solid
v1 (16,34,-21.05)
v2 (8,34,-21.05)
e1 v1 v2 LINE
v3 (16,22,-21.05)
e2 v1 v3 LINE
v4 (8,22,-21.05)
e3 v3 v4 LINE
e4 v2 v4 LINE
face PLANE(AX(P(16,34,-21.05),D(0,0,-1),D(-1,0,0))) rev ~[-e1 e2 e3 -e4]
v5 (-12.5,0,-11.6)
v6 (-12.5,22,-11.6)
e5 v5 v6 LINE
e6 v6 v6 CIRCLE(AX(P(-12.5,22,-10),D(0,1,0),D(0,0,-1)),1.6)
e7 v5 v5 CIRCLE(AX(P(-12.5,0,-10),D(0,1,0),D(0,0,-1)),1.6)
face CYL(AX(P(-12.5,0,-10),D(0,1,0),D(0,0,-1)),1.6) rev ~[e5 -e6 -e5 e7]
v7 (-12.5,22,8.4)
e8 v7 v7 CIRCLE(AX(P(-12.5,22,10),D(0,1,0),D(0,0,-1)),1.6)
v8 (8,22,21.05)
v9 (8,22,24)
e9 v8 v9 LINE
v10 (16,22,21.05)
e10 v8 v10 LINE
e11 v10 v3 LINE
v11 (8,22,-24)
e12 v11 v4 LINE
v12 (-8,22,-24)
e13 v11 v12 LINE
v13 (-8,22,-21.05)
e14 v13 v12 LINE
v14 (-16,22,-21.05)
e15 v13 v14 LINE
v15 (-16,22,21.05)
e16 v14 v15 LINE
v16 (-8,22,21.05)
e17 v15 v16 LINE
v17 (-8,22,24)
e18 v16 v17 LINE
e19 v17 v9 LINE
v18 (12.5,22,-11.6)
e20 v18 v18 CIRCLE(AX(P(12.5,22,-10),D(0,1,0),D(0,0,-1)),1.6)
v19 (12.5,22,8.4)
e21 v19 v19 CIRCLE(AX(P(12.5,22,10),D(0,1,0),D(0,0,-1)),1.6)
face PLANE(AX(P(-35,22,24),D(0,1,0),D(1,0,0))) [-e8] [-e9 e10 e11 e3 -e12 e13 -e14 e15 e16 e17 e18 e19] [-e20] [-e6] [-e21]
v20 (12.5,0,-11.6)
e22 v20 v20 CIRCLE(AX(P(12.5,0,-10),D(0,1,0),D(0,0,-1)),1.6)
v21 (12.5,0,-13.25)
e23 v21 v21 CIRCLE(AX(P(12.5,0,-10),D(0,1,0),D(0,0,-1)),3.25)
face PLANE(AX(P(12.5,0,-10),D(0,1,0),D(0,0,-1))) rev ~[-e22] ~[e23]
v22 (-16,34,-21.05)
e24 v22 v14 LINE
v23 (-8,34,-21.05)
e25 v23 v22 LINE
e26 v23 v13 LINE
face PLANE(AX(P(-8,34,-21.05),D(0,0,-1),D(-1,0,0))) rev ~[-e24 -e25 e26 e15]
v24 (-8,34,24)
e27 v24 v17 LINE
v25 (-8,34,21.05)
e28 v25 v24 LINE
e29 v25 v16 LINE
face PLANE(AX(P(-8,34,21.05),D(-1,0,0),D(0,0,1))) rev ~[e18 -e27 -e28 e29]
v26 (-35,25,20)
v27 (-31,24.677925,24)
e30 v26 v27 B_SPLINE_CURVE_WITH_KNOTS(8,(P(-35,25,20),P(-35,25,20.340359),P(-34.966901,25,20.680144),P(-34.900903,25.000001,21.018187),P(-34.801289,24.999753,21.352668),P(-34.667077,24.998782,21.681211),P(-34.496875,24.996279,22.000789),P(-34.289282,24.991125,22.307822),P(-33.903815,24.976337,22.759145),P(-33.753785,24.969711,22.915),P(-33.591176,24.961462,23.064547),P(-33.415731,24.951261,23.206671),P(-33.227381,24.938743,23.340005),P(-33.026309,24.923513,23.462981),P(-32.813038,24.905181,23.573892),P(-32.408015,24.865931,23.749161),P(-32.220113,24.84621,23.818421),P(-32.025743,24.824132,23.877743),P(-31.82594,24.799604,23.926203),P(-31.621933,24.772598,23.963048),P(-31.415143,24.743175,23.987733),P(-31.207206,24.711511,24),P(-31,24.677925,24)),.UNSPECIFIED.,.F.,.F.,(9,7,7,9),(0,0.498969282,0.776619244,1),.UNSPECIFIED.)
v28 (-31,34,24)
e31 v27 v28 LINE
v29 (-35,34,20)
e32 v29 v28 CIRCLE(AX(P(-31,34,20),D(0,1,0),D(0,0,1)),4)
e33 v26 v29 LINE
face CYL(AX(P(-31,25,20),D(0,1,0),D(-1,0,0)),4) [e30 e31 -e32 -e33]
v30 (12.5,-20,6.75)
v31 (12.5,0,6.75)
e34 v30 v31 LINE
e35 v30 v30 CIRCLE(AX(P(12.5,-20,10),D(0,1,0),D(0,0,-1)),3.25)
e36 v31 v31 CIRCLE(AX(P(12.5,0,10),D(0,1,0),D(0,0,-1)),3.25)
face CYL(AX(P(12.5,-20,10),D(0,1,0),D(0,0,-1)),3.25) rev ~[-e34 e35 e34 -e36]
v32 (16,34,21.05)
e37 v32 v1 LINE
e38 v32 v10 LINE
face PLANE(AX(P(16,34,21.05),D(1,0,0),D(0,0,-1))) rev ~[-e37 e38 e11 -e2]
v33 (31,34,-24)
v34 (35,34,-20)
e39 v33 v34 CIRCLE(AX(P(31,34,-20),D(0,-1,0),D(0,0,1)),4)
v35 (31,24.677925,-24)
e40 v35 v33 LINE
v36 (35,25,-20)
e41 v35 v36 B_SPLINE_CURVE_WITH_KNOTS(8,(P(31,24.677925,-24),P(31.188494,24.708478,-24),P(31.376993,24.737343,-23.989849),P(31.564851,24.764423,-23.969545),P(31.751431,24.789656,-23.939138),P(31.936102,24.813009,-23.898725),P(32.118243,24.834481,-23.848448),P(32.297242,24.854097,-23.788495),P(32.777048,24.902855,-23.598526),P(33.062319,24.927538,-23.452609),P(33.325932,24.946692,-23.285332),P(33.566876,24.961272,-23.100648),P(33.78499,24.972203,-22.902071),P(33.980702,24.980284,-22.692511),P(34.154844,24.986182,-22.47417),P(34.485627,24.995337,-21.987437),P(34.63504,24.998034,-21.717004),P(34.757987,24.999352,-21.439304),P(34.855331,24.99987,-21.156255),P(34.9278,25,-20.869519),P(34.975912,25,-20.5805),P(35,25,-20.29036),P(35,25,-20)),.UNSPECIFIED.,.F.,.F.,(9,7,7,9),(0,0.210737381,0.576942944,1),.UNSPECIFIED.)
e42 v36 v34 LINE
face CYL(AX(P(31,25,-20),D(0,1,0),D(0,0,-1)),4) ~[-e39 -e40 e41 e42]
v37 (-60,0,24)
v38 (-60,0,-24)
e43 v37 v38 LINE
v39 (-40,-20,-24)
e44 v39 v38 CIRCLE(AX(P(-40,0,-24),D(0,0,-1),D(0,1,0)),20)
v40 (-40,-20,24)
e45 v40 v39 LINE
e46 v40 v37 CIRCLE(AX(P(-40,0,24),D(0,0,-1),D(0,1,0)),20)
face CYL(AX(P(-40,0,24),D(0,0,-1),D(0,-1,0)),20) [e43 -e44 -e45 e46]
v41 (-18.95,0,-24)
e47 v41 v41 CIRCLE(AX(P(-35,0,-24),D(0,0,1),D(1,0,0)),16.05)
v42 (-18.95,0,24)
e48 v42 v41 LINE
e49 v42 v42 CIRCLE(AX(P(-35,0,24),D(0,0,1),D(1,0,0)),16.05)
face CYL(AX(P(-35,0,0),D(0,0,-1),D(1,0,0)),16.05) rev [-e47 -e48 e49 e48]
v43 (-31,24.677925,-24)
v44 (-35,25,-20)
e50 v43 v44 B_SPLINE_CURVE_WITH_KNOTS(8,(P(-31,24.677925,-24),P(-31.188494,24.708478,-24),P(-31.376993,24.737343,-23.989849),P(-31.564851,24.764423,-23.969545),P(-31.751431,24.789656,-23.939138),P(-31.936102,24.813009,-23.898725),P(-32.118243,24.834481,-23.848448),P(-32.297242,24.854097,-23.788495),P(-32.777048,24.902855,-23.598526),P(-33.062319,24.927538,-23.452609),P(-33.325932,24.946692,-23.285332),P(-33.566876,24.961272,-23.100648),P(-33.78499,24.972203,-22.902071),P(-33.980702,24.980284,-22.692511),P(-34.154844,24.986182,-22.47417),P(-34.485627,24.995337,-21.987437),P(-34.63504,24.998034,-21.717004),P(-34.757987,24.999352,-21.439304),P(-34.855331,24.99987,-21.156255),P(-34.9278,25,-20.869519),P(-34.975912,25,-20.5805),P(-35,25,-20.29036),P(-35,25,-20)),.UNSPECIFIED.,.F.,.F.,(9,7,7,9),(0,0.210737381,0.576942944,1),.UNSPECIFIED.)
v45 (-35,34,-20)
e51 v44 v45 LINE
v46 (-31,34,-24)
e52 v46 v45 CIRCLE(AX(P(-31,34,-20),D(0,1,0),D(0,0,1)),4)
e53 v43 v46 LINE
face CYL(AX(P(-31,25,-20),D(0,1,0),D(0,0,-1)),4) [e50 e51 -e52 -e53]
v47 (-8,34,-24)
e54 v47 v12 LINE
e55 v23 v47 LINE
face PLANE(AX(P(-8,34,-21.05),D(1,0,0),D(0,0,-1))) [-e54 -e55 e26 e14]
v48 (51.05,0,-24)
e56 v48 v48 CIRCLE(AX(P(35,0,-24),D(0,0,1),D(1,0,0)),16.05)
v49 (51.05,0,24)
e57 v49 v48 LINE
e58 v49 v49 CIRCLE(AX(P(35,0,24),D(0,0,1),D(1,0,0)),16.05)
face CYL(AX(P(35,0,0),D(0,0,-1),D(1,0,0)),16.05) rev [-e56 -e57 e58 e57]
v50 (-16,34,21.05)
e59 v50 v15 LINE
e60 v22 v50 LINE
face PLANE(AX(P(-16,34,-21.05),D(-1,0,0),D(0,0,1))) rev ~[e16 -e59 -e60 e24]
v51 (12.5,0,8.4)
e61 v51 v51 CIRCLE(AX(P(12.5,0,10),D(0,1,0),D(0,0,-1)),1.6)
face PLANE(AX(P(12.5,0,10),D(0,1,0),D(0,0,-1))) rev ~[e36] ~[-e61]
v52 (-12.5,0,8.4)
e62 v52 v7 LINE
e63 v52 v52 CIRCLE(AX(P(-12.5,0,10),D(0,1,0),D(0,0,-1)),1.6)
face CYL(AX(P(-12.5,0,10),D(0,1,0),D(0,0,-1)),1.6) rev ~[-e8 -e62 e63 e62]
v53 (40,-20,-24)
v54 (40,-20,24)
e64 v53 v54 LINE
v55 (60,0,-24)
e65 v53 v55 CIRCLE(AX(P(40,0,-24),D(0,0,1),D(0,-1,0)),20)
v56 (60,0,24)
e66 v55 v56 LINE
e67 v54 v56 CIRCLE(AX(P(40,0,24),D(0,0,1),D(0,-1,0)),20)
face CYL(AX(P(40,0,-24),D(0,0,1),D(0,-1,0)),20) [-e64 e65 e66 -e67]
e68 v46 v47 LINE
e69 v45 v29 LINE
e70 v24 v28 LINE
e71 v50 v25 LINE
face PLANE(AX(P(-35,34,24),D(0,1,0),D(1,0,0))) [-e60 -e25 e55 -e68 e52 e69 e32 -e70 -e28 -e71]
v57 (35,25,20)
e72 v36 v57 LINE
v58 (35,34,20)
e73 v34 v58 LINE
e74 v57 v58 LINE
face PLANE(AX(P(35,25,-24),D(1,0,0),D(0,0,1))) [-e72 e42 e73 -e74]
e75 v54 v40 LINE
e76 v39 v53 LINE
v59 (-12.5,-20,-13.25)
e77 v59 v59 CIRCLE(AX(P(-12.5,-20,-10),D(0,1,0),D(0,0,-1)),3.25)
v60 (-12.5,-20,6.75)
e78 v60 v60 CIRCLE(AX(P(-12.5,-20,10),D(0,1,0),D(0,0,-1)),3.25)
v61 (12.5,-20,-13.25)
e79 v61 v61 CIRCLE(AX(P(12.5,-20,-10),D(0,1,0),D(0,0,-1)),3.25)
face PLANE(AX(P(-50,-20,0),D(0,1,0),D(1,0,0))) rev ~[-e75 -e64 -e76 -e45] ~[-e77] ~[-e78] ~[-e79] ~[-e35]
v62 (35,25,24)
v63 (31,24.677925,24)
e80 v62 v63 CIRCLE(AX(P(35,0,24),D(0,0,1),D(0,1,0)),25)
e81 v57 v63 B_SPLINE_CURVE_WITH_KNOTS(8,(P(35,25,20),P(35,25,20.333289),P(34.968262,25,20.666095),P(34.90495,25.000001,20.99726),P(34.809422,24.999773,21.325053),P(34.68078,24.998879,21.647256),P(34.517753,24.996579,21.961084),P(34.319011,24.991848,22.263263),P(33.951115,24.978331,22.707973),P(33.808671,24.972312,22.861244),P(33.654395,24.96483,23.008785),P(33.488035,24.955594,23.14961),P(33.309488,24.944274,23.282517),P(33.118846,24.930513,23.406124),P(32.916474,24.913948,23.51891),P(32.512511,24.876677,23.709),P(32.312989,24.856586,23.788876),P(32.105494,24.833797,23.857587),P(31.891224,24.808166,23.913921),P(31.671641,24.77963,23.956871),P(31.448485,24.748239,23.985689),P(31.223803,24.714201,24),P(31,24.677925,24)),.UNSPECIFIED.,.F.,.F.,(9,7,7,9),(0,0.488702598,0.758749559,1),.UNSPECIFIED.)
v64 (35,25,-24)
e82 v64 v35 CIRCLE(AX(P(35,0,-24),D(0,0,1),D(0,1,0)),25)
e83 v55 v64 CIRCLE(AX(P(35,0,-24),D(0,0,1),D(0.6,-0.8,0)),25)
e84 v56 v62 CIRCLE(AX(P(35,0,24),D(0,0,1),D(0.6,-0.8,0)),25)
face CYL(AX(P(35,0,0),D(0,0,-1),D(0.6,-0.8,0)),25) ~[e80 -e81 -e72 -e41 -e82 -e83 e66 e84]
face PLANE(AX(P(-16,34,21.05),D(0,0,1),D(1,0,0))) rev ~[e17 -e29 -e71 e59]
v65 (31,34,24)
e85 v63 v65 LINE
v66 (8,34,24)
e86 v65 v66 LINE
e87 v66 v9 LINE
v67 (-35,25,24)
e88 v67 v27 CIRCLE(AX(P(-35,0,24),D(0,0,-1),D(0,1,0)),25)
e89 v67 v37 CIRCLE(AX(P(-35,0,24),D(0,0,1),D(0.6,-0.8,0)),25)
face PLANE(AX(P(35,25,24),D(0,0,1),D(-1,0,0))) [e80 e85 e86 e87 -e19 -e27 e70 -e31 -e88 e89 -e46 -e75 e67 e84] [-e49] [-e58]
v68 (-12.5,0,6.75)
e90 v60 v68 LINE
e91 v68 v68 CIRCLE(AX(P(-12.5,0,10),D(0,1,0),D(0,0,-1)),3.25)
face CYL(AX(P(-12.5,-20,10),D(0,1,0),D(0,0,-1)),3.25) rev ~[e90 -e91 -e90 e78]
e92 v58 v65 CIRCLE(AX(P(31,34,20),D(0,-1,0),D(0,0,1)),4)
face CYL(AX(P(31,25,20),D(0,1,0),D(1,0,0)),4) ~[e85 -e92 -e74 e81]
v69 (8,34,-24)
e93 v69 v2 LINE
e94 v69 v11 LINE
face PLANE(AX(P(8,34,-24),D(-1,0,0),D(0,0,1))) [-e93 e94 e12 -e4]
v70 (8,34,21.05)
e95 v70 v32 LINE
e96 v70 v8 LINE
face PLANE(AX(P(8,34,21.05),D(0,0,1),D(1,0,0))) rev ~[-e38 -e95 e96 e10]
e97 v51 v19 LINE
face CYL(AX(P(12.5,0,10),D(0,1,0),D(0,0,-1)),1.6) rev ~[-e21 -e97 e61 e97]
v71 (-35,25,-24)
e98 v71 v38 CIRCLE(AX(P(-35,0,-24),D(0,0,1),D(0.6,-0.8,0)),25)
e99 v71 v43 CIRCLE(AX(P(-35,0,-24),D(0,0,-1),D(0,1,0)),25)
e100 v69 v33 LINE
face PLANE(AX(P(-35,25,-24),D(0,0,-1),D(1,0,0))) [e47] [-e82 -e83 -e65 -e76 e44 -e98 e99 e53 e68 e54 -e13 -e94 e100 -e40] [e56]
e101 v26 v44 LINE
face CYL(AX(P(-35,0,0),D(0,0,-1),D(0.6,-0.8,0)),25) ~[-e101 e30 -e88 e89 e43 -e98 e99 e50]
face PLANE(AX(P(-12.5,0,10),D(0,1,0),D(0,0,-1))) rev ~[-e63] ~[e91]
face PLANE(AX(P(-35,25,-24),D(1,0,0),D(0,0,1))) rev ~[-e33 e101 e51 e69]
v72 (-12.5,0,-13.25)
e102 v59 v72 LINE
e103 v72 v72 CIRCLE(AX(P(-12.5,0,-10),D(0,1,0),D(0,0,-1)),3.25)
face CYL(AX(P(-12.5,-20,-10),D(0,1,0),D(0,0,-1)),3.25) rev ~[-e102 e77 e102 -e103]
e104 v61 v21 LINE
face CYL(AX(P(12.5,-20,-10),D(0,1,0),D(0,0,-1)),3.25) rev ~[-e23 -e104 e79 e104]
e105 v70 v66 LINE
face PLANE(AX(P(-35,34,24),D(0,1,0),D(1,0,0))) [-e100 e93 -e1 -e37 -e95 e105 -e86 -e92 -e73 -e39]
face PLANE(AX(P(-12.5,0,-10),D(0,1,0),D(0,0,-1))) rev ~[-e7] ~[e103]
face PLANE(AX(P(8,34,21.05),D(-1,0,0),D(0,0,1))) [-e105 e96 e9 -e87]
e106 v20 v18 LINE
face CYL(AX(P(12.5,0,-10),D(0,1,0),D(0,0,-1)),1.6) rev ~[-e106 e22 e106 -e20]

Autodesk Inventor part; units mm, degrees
ref_plane "YZ Plane" through (0, 0, 0) normal (1, 0, 0) x (0, 1, 0)
ref_plane "XZ Plane" through (0, 0, 0) normal (0, 1, 0) x (-1, 0, 0)
ref_plane "XY Plane" through (0, 0, 0) normal (0, 0, 1) x (1, 0, 0)
sketch "Sketch1" plane through (0, 0, 0) normal (0, 0, 1) x (1, 0, 0)
  line L0 (-35, 0) -> (35, 0) construction
  circle A0 centre (-35, 0) radius 16.05
  circle A1 centre (35, 0) radius 16.05
  arc A2 (-20, -20) -> (-50, -20) centre (-35, 0) ccw
  arc A3 (50, -20) -> (20, -20) centre (35, 0) ccw
  line L1 (-35, 25) -> (35, 25)
  line L2 (-50, -20) -> (50, -20)
  point P0 (0, 0)
  point P1 (0, 0)
  dimension "d0" = 70
  dimension "d1" = 32.1
  dimension "d3" = 50
  dimension "d38" = 20
extrude "Extrusion1" add sketch "Sketch1" along normal mid plane 48
fillet "Fillet3" radius 20 2 edges at (50, -20, 0) (-50, -20, 0)
sketch "Sketch10" plane through (-35, 25, 24) normal (0, 1, 0) x (1, 0, 0)
  line L0 (0, 48) -> (0, 0) projected
  line L1 (70, 0) -> (0, 0) projected
  line L2 (70, 48) -> (70, 0) projected
  line L3 (0, 48) -> (70, 48) projected
  point P0 (35, 24)
extrude "Extrusion4" add sketch "Sketch10" along normal blind 9
sketch "Sketch11" plane through (-35, 34, 24) normal (0, 1, 0) x (1, 0, 0)
  line L0 (19, 2.95) -> (51, 2.95)
  line L1 (51, 2.95) -> (51, 45.05)
  line L2 (51, 45.05) -> (19, 45.05)
  line L3 (19, 45.05) -> (19, 2.95)
  line L4 (19, 2.95) -> (51, 45.05) construction
  line L5 (51, 2.95) -> (19, 45.05) construction
  line L6 (0, 48) -> (0, 0) projected
  line L7 (0, 0) -> (70, 0) projected
  line L8 (70, 0) -> (70, 48) projected
  line L9 (70, 48) -> (0, 48) projected
  line L10 (27, 48) -> (43, 48)
  line L11 (43, 48) -> (43, 45.05)
  line L12 (43, 45.05) -> (27, 45.05)
  line L13 (27, 45.05) -> (27, 48)
  line L14 (27, 2.95) -> (27, 0)
  line L15 (35, 24) -> (35, 47.5578) construction
  line L16 (43, 2.95) -> (43, 0)
  point P0 (35, 45.05)
  point P1 (43, 0)
  point P2 (43, 2.95)
  dimension "d49" = 32
  dimension "d50" = 42.1
  dimension "d53" = 16
extrude "Extrusion5" cut sketch "Sketch11" against normal blind 12 contours L3 L2 L1 L0 | L0 L16 L7 L14 | L13 L9 L11 L2
sketch "Sketch12" plane through (-40, -20, -24) normal (0, -1, 0) x (1, 0, 0)
  line L0 (27.5, 14) -> (52.5, 14) construction
  line L1 (52.5, 14) -> (52.5, 34) construction
  line L2 (52.5, 34) -> (27.5, 34) construction
  line L3 (27.5, 34) -> (27.5, 14) construction
  line L4 (27.5, 14) -> (52.5, 34) construction
  line L5 (52.5, 14) -> (27.5, 34) construction
  point P0 (40, 24)
  dimension "d54" = 25
  dimension "d55" = 20
hole "Hole4" at (-12.5, -20, 10) at (12.5, -20, 10) at (12.5, -20, -10) at (-12.5, -20, -10) direction (0, 1, 0) diameter 3.2 end through all counterbore diameter 6.5 counterbore depth 20
fillet "Fillet4" radius 4 4 edges at (35, 29.5, 24) (35, 29.5, -24) (-35, 29.5, 24) (-35, 29.5, -24)
properties part number "Space Craft Braket" material "ABS Plastic"
